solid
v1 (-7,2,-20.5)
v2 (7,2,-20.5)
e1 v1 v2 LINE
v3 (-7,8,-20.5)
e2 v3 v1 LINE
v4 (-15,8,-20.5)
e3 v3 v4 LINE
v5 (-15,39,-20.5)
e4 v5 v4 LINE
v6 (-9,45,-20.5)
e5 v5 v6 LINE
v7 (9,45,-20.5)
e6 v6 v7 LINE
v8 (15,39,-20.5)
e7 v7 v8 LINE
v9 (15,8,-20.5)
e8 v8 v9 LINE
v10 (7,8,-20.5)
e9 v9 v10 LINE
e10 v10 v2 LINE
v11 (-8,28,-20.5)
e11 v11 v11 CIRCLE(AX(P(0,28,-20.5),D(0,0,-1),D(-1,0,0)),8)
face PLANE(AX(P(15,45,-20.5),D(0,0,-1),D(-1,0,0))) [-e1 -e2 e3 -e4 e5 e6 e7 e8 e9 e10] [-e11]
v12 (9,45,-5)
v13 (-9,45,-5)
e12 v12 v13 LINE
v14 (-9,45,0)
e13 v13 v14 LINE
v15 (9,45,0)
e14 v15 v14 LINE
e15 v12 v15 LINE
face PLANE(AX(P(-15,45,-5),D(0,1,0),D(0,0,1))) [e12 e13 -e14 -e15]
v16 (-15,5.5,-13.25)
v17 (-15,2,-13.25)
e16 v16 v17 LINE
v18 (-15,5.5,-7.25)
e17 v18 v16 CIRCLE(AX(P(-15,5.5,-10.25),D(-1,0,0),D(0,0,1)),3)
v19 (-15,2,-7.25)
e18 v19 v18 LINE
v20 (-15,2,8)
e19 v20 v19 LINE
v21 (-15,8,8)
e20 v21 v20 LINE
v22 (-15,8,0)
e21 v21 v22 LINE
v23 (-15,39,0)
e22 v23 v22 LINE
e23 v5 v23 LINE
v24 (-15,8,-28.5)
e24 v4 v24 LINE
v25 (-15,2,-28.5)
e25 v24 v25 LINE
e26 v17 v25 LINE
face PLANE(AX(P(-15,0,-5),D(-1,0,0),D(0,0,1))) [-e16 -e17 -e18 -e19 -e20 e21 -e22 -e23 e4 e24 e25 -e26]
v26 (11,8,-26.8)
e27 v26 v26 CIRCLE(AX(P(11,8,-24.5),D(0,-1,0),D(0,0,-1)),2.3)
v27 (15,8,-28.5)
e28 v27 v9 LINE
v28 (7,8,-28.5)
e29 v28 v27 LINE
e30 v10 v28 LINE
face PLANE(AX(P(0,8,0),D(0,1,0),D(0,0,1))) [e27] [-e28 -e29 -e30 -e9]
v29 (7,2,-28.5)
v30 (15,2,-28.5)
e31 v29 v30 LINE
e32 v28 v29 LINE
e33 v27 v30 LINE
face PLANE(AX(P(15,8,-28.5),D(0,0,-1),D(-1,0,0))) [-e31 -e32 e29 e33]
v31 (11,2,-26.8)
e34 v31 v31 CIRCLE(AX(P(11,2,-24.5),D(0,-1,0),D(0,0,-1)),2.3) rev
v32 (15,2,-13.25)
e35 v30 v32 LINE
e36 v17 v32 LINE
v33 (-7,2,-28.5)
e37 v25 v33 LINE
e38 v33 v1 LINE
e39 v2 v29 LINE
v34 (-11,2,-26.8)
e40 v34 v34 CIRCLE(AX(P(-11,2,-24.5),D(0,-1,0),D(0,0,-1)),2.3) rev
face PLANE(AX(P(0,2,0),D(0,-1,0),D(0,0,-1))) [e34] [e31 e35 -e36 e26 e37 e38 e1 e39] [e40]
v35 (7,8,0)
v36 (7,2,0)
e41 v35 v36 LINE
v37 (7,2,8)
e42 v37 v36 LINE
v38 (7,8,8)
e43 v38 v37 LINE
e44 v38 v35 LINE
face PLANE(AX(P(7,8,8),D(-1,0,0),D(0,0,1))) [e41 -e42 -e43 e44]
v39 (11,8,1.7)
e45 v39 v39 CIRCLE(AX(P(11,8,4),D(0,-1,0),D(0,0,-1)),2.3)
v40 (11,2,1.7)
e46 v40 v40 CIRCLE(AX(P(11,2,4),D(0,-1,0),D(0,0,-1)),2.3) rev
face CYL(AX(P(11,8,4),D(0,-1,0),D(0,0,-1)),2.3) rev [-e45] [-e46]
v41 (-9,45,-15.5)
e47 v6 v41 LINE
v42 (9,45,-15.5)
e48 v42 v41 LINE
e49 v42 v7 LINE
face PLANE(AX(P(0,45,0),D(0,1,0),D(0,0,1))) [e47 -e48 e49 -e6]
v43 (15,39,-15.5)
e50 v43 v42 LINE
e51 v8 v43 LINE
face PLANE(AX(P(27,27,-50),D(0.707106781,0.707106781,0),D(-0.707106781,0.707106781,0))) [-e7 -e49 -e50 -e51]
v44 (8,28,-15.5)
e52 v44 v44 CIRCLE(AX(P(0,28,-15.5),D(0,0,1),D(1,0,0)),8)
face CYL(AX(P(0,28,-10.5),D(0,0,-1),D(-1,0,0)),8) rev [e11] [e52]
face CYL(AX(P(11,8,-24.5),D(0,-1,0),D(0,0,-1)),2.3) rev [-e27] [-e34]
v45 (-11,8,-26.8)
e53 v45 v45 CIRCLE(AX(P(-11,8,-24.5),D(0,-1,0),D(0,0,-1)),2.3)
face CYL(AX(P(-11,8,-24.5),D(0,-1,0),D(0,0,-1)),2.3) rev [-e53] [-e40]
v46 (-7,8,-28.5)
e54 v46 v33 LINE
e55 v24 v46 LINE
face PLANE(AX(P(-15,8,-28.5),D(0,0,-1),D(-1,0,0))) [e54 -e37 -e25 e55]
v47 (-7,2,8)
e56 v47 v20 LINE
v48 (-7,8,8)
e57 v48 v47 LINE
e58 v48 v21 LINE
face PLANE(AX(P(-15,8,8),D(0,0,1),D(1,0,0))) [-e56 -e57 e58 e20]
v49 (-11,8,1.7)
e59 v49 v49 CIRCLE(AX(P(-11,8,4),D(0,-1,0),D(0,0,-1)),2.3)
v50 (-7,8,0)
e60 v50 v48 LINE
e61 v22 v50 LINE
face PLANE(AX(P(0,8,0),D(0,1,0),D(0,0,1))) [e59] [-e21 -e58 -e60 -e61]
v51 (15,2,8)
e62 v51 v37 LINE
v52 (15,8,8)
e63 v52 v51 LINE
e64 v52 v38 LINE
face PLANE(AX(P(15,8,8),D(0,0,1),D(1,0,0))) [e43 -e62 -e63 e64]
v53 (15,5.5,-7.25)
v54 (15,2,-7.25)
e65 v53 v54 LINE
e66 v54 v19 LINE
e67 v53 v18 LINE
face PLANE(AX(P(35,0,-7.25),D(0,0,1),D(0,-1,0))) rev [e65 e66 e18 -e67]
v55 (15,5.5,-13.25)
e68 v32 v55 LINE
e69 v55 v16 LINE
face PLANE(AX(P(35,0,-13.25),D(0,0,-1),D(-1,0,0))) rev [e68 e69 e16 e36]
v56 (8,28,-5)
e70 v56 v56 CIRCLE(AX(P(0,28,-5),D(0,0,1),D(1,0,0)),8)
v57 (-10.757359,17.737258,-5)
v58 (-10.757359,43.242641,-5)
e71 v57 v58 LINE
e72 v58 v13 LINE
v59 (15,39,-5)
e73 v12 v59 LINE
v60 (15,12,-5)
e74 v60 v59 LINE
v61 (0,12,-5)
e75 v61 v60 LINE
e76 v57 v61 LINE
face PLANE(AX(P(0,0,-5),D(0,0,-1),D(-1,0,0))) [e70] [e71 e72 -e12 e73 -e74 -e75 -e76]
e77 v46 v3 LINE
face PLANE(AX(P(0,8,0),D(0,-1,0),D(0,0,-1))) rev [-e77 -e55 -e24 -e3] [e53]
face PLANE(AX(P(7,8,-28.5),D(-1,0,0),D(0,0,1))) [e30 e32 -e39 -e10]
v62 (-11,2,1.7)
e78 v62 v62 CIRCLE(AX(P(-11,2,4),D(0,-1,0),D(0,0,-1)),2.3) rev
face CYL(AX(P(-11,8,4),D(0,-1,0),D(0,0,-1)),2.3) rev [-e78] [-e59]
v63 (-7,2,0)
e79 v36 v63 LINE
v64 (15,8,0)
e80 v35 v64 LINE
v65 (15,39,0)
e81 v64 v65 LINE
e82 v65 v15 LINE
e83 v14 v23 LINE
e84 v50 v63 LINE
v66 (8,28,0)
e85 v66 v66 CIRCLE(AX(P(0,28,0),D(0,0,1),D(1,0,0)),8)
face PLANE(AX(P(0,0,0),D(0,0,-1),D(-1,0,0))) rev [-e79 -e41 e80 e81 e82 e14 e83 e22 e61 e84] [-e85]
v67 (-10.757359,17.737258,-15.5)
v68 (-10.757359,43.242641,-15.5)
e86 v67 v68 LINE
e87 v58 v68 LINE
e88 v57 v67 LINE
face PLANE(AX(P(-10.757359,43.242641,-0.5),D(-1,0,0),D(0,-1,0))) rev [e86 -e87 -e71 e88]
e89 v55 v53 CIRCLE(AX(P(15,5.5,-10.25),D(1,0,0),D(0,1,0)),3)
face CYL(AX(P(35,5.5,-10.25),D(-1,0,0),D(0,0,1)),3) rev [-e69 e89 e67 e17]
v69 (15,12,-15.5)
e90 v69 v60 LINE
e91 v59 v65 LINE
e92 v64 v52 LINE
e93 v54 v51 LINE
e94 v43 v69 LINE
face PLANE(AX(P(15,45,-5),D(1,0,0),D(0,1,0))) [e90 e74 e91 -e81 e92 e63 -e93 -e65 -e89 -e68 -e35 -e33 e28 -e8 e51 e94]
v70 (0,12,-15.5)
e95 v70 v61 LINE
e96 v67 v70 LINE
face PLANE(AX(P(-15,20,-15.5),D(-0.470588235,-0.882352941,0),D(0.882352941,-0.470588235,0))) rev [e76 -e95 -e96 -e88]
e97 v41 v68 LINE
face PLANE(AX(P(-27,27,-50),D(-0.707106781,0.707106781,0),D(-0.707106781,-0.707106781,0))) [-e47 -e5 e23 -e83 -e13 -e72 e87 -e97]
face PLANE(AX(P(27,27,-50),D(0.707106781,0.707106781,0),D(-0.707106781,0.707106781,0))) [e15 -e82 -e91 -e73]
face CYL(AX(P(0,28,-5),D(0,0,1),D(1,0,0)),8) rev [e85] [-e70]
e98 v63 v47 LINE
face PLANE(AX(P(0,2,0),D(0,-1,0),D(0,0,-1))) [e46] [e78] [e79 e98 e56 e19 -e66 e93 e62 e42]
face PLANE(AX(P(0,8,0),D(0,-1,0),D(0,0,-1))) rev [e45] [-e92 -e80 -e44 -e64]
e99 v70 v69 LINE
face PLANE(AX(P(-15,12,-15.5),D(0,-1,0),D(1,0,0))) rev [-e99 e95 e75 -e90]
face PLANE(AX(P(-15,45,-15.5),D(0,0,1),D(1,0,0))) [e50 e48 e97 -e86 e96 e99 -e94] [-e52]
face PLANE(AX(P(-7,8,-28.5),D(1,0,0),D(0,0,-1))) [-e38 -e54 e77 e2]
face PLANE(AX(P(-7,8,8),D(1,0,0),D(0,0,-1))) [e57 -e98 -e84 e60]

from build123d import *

# Parameters (mm, degrees)
ESQUISSE1_R             = 8
BOSS_EXTRU_1_DEPTH      = 5
ESQUISSE2_W             = 30
ESQUISSE2_H             = 12
BOSS_EXTRU_2_DEPTH      = 10.5
ESQUISSE4_W             = 30
ESQUISSE4_H             = 5
BOSS_EXTRU_3_DEPTH      = 45
ENL_V_START             = -10
ESQUISSE6_R             = 8
ENL_V_MAT_EXTRU_3_DEPTH = 10
ESQUISSE8_W             = 8
ESQUISSE8_H             = 8
ESQUISSE8_R             = 2.3
BOSS_EXTRU_4_DEPTH      = 8
ENL_V_MAT_EXTRU_4_DEPTH = 2
ENL_V_MAT_EXTRU_5_DEPTH = 50
ENL_V_MAT_EXTRU_6_DEPTH = 50
BOSS_EXTRU_5_DEPTH      = 10.5
BOSS_EXTRU_7_DEPTH      = 15


with BuildPart() as part:
    # Esquisse1 → Boss.-Extru.1 (new body)
    with BuildSketch(Plane.XY):
        Polygon((0, 0), (15, 0), (15, 45), (-15, 45), (-15, 0), align=None)
        with Locations((0, 28)):
            Circle(ESQUISSE1_R, mode=Mode.SUBTRACT)
    extrude(amount=-BOSS_EXTRU_1_DEPTH)

    # Esquisse2 → Boss.-Extru.2 (add)
    with BuildSketch(Plane(origin=(0, 0, -5), x_dir=(-1, 0, 0), z_dir=(0, 0, -1))):
        with Locations((0, 6)):
            Rectangle(ESQUISSE2_W, ESQUISSE2_H)
    extrude(amount=BOSS_EXTRU_2_DEPTH)

    # Esquisse4 → Boss.-Extru.3 (add)
    with BuildSketch(Plane.XZ):
        with Locations((0, -18)):
            Rectangle(ESQUISSE4_W, ESQUISSE4_H)
    extrude(amount=-BOSS_EXTRU_3_DEPTH)

    # Esquisse6 → Enlèv. mat.-Extru.3 (cut)
    with BuildSketch(Plane(origin=(0, 0, -20.5), x_dir=(-1, 0, 0), z_dir=(0, 0, -1)).offset(ENL_V_START)):
        with Locations(Location((0, 28, 0), (0, 0, 180))):
            Circle(ESQUISSE6_R)
    extrude(amount=ENL_V_MAT_EXTRU_3_DEPTH, mode=Mode.SUBTRACT)

    # Esquisse8 → Boss.-Extru.4 (add)
    # profile 1 of 4: a face of its own
    with BuildSketch(Plane.XZ):
        with Locations((-11, 4)):
            Rectangle(ESQUISSE8_W, ESQUISSE8_H)
        with Locations(Location((-11, 4, 0), (0, 0, 270))):
            Circle(ESQUISSE8_R, mode=Mode.SUBTRACT)
    # profile 2 of 4: a face of its own
    with BuildSketch(Plane.XZ):
        with Locations((11, 4)):
            Rectangle(ESQUISSE8_W, ESQUISSE8_H)
        with Locations(Location((11, 4, 0), (0, 0, 270))):
            Circle(ESQUISSE8_R, mode=Mode.SUBTRACT)
    # profile 3 of 4: a face of its own
    with BuildSketch(Plane.XZ):
        with Locations((-11, -24.5)):
            Rectangle(ESQUISSE8_W, ESQUISSE8_H)
        with Locations(Location((-11, -24.5, 0), (0, 0, 270))):
            Circle(ESQUISSE8_R, mode=Mode.SUBTRACT)
    # profile 4 of 4: a face of its own
    with BuildSketch(Plane.XZ):
        with Locations((11, -24.5)):
            Rectangle(ESQUISSE8_W, ESQUISSE8_H)
        with Locations(Location((11, -24.5, 0), (0, 0, 270))):
            Circle(ESQUISSE8_R, mode=Mode.SUBTRACT)
    extrude(amount=-BOSS_EXTRU_4_DEPTH)

    # Esquisse9 → Enlèv. mat.-Extru.4 (cut)
    with BuildSketch(Plane.XZ):
        Polygon((-15, 8), (-15, -28.5), (-7, -28.5), (-7, -20.5), (7, -20.5), (7, -28.5), (15, -28.5), (15, 8), (7, 8), (7, 0), (-7, 0), (-7, 8), align=None)
    extrude(amount=-ENL_V_MAT_EXTRU_4_DEPTH, mode=Mode.SUBTRACT)

    # Esquisse10 → Enlèv. mat.-Extru.5 (cut)
    with BuildSketch(Plane.ZY.offset(15)):
        with BuildLine():
            Line((-13.25, 2), (-7.25, 2))
            Line((-7.25, 2), (-7.25, 5.5))
            ThreePointArc((-7.25, 5.5), (-10.25, 8.5), (-13.25, 5.5))
            Line((-13.25, 5.5), (-13.25, 2))
        make_face()
    extrude(amount=-ENL_V_MAT_EXTRU_5_DEPTH, mode=Mode.SUBTRACT)

    # Esquisse11 → Enlèv. mat.-Extru.6 (cut)
    with BuildSketch(Plane.XY):
        Polygon((-9, 45), (-15, 45), (-15, 39), align=None)
        Polygon((15, 45), (9, 45), (15, 39), align=None)
    extrude(amount=-ENL_V_MAT_EXTRU_6_DEPTH, mode=Mode.SUBTRACT)

    # Esquisse12 → Boss.-Extru.5 (add)
    with BuildSketch(Plane(origin=(0, 0, -5), x_dir=(-1, 0, 0), z_dir=(0, 0, -1))):
        Polygon((0, 12), (15, 12), (15, 20), align=None)
    extrude(amount=BOSS_EXTRU_5_DEPTH)

    # Esquisse13 → Boss.-Extru.7 (add)
    with BuildSketch(Plane.XY.offset(-15.5)):
        Polygon((-15, 20), (-15, 39), (-10.757359313, 43.242640687), (-10.757359313, 17.084037873), align=None)
    extrude(amount=BOSS_EXTRU_7_DEPTH)


solid = part.part
